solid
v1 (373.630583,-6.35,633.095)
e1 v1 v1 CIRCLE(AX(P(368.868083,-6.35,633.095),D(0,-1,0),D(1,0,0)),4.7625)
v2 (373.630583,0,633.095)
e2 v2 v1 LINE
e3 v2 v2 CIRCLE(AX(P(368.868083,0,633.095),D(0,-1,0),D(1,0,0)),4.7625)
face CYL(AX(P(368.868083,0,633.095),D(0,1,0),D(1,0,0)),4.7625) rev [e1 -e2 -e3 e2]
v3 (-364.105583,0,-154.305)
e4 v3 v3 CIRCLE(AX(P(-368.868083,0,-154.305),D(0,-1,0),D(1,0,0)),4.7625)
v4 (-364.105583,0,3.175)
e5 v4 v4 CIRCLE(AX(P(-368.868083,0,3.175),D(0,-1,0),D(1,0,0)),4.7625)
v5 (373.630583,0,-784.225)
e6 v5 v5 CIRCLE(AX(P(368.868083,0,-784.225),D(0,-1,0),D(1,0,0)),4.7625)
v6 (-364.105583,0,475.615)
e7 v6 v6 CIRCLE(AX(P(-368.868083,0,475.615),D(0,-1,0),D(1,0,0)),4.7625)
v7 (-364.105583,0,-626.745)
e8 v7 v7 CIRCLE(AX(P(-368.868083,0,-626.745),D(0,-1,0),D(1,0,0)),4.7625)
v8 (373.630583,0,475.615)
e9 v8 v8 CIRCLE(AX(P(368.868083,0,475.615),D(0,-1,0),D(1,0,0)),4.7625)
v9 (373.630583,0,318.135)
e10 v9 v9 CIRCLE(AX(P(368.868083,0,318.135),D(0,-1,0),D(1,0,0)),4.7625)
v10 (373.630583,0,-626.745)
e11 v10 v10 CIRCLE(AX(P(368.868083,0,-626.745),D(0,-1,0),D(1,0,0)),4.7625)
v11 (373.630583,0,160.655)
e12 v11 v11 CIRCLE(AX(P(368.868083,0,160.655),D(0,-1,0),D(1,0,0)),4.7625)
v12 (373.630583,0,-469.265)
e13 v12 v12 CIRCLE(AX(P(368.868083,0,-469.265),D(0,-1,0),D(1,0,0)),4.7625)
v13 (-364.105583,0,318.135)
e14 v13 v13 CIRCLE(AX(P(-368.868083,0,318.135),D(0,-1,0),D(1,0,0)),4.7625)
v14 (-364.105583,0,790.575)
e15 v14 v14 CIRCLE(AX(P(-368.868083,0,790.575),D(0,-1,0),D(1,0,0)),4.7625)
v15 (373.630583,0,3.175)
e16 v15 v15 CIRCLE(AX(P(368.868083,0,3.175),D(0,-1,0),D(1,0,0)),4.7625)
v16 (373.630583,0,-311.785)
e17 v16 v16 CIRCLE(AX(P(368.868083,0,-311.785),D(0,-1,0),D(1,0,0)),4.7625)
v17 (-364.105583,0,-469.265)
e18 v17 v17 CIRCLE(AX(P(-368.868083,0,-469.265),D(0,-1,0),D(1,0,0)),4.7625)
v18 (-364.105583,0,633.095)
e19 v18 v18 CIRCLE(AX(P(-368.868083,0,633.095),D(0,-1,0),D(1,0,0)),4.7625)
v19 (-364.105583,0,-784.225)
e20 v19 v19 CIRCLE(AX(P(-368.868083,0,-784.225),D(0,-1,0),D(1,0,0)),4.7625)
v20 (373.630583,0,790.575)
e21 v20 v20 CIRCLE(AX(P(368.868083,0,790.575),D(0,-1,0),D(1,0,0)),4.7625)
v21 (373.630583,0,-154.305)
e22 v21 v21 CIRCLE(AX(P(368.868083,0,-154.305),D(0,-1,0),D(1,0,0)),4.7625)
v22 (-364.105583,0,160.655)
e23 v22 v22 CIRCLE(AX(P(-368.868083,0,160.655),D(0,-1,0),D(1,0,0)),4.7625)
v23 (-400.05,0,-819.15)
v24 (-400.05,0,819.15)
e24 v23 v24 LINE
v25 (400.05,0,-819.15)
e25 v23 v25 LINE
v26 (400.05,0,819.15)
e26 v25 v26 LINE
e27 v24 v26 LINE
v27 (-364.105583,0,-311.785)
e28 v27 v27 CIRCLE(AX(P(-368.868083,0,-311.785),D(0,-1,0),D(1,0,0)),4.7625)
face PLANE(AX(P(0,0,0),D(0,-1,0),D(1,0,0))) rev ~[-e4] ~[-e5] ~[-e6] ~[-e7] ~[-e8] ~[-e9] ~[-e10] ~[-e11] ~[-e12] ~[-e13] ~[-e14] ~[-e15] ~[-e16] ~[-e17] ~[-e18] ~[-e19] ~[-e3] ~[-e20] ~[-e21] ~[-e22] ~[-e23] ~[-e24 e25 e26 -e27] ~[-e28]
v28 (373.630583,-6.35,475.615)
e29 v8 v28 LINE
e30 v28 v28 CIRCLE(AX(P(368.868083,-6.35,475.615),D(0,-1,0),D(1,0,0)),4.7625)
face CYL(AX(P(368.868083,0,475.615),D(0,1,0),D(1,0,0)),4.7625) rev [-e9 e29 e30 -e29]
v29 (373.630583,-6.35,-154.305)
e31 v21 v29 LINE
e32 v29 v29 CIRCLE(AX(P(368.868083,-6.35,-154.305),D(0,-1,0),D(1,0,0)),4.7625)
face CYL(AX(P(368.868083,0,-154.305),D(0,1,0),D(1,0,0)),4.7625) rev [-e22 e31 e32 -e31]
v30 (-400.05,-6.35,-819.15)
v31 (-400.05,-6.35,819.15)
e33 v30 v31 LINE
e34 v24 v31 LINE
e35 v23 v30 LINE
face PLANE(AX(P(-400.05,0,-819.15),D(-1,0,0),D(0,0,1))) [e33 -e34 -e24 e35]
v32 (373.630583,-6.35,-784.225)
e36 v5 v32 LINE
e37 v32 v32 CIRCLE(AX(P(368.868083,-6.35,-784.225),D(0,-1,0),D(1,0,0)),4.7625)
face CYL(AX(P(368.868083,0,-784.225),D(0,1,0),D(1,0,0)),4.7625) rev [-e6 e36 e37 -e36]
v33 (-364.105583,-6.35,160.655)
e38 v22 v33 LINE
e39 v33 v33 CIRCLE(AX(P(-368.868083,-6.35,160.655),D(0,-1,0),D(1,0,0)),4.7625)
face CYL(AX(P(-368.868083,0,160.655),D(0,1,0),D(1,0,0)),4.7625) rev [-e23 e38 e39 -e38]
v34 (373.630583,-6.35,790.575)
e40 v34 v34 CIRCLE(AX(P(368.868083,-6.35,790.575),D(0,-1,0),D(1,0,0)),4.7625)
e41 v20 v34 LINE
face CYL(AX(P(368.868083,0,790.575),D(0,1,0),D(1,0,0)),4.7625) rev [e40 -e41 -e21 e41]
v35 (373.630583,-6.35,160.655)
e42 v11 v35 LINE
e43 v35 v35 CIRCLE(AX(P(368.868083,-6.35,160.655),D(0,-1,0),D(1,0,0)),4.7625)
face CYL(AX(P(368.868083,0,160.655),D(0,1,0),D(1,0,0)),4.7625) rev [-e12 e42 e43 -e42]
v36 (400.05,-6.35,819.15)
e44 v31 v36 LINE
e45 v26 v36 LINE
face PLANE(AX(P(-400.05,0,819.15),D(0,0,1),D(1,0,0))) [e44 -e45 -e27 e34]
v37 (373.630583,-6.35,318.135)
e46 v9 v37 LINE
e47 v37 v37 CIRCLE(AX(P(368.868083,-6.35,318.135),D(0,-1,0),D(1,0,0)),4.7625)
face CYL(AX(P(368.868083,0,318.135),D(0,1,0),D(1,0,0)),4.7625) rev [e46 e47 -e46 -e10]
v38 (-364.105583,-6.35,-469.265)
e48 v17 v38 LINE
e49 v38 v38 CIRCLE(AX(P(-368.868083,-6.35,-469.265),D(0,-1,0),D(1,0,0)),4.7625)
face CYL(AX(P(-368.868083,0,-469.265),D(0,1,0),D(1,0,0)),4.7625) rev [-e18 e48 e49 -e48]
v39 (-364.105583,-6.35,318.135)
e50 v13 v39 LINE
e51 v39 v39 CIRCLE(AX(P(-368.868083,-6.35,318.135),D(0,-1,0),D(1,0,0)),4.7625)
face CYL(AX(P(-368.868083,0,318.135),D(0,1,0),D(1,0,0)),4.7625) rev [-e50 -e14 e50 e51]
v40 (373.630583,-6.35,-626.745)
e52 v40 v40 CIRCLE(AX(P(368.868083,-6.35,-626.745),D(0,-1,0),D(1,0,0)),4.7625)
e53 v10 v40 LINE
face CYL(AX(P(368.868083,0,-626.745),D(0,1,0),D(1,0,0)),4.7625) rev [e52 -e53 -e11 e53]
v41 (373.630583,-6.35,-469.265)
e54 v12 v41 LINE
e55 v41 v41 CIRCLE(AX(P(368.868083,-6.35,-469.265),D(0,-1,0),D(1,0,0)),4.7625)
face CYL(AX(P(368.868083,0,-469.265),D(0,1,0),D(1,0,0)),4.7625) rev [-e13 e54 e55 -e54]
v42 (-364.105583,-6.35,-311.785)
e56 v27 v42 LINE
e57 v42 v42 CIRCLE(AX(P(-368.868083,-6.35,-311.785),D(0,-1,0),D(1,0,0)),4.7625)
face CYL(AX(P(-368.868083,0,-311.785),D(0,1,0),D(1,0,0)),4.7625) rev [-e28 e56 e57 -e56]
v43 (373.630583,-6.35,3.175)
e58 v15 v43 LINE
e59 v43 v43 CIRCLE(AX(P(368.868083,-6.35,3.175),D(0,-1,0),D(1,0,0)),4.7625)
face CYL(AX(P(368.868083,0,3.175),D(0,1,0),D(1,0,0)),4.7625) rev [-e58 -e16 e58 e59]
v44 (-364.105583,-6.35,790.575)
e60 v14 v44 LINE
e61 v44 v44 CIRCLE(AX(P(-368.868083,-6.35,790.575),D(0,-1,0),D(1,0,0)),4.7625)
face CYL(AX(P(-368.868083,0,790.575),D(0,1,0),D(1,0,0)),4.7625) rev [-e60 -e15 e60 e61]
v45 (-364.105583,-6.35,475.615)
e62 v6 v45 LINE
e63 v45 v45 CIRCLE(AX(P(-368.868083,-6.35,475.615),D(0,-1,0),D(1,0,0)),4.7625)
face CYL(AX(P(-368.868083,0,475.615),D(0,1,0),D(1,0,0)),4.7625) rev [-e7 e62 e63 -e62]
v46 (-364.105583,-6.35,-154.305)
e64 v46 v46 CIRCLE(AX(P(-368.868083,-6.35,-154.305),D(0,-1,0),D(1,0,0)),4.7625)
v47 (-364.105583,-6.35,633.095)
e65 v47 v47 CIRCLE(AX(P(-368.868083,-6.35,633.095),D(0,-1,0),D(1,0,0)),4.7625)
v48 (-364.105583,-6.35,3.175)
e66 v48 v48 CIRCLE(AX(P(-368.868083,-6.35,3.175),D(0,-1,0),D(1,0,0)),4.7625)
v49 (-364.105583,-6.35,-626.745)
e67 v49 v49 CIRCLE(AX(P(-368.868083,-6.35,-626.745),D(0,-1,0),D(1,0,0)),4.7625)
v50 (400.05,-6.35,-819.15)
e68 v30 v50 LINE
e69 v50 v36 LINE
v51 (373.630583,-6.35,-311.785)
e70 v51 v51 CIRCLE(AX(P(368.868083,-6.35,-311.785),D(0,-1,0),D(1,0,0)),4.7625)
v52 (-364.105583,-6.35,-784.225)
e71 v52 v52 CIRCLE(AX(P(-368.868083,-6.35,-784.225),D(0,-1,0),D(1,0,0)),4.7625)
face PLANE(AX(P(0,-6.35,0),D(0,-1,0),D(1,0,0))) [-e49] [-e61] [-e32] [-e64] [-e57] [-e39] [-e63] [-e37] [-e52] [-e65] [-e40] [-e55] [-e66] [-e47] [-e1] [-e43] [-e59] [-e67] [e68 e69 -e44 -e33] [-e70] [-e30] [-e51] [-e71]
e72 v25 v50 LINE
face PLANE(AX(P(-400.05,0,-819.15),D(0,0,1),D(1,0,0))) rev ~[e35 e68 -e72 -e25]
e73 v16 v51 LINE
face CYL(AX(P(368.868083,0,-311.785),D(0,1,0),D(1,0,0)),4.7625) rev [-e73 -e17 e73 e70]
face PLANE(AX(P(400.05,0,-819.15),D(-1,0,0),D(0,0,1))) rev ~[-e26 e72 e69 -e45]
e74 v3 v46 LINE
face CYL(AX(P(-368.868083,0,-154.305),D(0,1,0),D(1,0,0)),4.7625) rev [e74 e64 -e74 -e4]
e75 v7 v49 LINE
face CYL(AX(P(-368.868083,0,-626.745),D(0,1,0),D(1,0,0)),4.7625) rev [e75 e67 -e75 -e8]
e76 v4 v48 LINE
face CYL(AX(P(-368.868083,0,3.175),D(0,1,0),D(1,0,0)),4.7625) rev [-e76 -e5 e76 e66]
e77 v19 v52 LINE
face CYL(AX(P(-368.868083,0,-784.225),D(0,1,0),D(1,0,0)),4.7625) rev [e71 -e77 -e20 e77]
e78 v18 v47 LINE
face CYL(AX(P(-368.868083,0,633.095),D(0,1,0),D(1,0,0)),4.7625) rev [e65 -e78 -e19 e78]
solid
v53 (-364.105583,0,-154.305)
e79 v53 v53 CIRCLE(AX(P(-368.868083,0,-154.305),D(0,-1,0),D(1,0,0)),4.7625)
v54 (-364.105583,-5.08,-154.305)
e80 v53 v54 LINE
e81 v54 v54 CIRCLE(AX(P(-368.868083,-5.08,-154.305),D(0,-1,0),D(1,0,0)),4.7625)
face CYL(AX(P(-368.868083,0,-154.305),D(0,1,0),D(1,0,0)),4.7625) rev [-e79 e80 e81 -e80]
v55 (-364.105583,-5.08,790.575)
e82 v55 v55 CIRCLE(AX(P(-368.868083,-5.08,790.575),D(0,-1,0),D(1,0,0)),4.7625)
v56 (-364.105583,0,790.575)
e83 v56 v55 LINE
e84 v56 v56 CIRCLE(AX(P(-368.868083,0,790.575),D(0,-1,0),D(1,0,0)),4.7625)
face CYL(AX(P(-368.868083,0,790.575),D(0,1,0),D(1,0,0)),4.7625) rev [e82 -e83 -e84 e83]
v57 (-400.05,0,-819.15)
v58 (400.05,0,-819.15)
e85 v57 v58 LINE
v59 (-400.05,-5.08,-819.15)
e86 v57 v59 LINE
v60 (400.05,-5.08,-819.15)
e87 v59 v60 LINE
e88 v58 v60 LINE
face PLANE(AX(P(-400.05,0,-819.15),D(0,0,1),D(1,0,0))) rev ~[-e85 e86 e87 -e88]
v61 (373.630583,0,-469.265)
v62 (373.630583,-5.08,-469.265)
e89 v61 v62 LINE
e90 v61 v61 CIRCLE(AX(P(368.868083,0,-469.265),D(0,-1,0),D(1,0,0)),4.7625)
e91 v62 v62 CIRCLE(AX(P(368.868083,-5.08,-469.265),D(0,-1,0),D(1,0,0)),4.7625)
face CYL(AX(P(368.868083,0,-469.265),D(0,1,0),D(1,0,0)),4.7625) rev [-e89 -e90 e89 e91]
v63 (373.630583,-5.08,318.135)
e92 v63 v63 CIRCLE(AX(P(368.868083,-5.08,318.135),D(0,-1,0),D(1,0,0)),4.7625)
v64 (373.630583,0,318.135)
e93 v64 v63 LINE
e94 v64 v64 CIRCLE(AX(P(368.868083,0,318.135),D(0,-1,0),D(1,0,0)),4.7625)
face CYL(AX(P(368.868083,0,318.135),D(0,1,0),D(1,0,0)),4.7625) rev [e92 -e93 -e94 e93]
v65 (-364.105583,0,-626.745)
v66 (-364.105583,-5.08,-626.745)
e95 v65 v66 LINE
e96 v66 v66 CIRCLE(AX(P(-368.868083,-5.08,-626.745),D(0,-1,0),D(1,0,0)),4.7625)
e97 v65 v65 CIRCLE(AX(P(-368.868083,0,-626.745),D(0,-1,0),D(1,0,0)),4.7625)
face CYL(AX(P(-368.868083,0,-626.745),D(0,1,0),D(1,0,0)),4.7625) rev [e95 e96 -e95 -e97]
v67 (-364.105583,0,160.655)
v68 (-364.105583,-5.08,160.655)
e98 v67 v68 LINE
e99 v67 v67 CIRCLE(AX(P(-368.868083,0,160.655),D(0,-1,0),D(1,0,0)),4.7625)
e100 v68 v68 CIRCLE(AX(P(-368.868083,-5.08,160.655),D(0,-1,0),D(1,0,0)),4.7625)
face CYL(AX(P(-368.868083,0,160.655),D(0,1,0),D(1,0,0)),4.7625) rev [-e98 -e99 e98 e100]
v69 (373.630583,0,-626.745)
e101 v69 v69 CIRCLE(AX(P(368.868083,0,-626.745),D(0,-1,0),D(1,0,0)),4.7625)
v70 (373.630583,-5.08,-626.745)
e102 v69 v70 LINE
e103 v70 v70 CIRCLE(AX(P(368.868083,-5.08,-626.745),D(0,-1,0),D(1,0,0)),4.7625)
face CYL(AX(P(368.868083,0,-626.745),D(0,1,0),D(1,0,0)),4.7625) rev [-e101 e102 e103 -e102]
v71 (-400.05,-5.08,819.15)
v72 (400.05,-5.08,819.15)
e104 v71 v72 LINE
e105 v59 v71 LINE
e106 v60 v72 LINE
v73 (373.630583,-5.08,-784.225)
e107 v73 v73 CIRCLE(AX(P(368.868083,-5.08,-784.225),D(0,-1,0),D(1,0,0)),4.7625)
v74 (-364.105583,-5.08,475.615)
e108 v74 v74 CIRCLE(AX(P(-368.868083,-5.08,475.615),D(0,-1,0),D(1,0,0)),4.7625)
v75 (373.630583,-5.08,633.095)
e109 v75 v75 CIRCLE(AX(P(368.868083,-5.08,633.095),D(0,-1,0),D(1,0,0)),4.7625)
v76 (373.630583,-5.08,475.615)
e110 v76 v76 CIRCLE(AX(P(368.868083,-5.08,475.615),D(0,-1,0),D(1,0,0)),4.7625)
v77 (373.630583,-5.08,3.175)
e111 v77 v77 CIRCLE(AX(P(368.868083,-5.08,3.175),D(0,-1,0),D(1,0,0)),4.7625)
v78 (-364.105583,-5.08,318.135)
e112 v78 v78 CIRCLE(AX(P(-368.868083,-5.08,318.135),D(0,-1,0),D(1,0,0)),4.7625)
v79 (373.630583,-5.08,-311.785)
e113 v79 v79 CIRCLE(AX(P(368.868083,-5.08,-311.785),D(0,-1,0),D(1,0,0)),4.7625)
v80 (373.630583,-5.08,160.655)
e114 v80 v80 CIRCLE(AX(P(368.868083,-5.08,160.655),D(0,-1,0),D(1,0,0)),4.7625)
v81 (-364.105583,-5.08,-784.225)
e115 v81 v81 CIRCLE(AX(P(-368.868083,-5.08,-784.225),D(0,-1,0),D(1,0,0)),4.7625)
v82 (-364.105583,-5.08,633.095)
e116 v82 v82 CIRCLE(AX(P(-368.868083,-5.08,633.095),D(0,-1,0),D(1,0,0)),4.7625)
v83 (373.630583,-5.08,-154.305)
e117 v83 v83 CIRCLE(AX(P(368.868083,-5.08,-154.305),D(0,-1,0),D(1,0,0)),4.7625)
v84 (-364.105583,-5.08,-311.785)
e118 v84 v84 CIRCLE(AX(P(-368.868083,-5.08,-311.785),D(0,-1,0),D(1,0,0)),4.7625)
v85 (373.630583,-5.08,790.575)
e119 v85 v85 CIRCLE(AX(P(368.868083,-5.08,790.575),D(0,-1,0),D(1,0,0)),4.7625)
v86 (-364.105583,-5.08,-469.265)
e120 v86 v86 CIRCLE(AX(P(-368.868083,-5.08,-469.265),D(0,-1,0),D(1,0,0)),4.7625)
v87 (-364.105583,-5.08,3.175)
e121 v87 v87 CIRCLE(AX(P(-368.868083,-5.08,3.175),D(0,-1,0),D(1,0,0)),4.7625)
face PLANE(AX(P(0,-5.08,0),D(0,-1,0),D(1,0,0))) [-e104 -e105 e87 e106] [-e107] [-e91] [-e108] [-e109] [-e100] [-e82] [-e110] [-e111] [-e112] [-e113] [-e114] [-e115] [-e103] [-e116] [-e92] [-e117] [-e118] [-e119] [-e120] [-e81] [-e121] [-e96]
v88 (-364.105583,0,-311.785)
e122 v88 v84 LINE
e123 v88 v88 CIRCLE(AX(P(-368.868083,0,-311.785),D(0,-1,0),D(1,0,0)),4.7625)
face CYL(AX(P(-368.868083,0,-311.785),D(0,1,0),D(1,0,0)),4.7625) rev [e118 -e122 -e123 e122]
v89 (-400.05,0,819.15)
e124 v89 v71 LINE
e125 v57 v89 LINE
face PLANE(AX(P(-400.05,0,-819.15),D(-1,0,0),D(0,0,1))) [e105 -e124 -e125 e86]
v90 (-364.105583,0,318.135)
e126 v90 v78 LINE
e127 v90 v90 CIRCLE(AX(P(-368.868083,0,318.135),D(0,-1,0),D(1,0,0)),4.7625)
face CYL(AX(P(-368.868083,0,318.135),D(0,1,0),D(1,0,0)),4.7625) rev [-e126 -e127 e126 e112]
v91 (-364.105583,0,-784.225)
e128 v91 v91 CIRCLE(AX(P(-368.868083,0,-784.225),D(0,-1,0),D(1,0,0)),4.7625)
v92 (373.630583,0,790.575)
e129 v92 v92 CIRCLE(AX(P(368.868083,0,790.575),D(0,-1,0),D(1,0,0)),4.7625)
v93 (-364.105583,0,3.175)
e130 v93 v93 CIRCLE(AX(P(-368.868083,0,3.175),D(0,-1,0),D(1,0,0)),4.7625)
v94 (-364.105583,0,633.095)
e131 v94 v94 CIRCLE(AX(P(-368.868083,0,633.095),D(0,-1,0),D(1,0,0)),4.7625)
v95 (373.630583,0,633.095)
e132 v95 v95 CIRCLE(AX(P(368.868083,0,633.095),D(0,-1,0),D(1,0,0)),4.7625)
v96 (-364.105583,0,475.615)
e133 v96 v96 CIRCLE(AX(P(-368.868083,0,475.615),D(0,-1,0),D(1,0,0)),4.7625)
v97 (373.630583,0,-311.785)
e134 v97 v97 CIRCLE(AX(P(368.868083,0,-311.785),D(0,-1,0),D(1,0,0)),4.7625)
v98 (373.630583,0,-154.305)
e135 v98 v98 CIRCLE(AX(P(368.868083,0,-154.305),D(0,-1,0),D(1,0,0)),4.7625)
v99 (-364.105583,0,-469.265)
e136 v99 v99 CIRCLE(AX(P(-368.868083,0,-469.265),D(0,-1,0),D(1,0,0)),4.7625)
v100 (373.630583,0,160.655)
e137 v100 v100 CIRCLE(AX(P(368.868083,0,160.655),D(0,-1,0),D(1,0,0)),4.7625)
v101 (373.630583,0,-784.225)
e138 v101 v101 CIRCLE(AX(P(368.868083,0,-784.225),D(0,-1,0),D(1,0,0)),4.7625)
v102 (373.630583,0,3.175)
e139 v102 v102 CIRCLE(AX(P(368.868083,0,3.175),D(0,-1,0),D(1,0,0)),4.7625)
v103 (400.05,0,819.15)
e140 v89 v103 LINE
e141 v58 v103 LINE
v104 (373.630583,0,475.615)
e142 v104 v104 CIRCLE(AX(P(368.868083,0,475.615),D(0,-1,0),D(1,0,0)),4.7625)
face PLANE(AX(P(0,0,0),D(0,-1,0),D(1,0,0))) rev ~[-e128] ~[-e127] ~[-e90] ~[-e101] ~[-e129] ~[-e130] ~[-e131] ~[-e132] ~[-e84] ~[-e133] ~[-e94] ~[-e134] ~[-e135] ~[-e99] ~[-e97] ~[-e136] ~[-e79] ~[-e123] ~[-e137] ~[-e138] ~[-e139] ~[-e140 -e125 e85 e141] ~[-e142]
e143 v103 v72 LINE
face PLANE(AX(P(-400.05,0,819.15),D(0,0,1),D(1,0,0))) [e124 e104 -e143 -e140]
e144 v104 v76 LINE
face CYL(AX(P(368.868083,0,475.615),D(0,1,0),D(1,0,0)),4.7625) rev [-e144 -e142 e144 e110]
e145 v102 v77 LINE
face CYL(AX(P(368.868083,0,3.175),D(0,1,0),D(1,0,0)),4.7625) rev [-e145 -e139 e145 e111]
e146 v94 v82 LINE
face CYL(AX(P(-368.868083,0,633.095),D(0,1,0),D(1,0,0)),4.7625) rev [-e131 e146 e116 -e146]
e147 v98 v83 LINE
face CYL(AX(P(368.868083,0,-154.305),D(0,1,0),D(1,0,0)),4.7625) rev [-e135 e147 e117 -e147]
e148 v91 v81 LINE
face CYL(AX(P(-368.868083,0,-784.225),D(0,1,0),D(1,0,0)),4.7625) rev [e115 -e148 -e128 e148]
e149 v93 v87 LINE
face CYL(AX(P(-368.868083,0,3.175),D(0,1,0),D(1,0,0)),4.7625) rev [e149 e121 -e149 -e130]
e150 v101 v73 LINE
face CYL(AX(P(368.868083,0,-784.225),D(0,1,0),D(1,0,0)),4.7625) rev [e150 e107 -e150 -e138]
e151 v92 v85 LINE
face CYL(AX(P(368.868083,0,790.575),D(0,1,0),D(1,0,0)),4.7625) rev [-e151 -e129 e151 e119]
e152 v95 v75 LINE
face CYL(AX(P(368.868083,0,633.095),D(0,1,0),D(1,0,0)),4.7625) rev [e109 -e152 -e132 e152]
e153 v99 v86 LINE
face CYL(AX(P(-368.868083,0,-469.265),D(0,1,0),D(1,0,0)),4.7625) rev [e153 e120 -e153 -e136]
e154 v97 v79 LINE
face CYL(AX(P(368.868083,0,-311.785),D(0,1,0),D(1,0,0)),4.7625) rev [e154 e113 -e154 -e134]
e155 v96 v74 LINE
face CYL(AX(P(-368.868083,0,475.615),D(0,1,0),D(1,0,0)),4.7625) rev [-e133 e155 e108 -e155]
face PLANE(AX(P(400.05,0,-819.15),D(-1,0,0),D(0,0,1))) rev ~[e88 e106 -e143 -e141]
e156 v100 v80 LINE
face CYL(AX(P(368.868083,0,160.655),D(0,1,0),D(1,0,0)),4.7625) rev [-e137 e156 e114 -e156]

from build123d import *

# Parameters (mm, degrees)
F0_W     = 800.1
F0_H     = 1638.3
F0_R     = 4.7625
F1_DEPTH = 6.35
F2_DEPTH = 5.08


with BuildPart() as f1:
    # F0 (on Front) → F1 (new body)
    with BuildSketch(Plane.XZ):
        Rectangle(F0_W, F0_H)
        with Locations((-368.868083, -784.225)):
            Circle(F0_R, mode=Mode.SUBTRACT)
        with Locations((-368.868083, -626.745)):
            Circle(F0_R, mode=Mode.SUBTRACT)
        with Locations((-368.868083, -469.265)):
            Circle(F0_R, mode=Mode.SUBTRACT)
        with Locations((-368.868083, -311.785)):
            Circle(F0_R, mode=Mode.SUBTRACT)
        with Locations((-368.868083, -154.305)):
            Circle(F0_R, mode=Mode.SUBTRACT)
        with Locations((368.868083, -784.225)):
            Circle(F0_R, mode=Mode.SUBTRACT)
        with Locations((368.868083, -626.745)):
            Circle(F0_R, mode=Mode.SUBTRACT)
        with Locations((368.868083, -469.265)):
            Circle(F0_R, mode=Mode.SUBTRACT)
        with Locations((368.868083, -311.785)):
            Circle(F0_R, mode=Mode.SUBTRACT)
        with Locations((368.868083, -154.305)):
            Circle(F0_R, mode=Mode.SUBTRACT)
        with Locations((-368.868083, 3.175)):
            Circle(F0_R, mode=Mode.SUBTRACT)
        with Locations((-368.868083, 160.655)):
            Circle(F0_R, mode=Mode.SUBTRACT)
        with Locations((-368.868083, 318.135)):
            Circle(F0_R, mode=Mode.SUBTRACT)
        with Locations((-368.868083, 475.615)):
            Circle(F0_R, mode=Mode.SUBTRACT)
        with Locations((-368.868083, 633.095)):
            Circle(F0_R, mode=Mode.SUBTRACT)
        with Locations((-368.868083, 790.575)):
            Circle(F0_R, mode=Mode.SUBTRACT)
        with Locations((368.868083, 3.175)):
            Circle(F0_R, mode=Mode.SUBTRACT)
        with Locations((368.868083, 160.655)):
            Circle(F0_R, mode=Mode.SUBTRACT)
        with Locations((368.868083, 318.135)):
            Circle(F0_R, mode=Mode.SUBTRACT)
        with Locations((368.868083, 475.615)):
            Circle(F0_R, mode=Mode.SUBTRACT)
        with Locations((368.868083, 633.095)):
            Circle(F0_R, mode=Mode.SUBTRACT)
        with Locations((368.868083, 790.575)):
            Circle(F0_R, mode=Mode.SUBTRACT)
    extrude(amount=F1_DEPTH)


with BuildPart() as f2:
    # F0 (on Front) → F2 (new body)
    with BuildSketch(Plane.XZ):
        Rectangle(F0_W, F0_H)
        with Locations((-368.868083, -784.225)):
            Circle(F0_R, mode=Mode.SUBTRACT)
        with Locations((-368.868083, -626.745)):
            Circle(F0_R, mode=Mode.SUBTRACT)
        with Locations((-368.868083, -469.265)):
            Circle(F0_R, mode=Mode.SUBTRACT)
        with Locations((-368.868083, -311.785)):
            Circle(F0_R, mode=Mode.SUBTRACT)
        with Locations((-368.868083, -154.305)):
            Circle(F0_R, mode=Mode.SUBTRACT)
        with Locations((368.868083, -784.225)):
            Circle(F0_R, mode=Mode.SUBTRACT)
        with Locations((368.868083, -626.745)):
            Circle(F0_R, mode=Mode.SUBTRACT)
        with Locations((368.868083, -469.265)):
            Circle(F0_R, mode=Mode.SUBTRACT)
        with Locations((368.868083, -311.785)):
            Circle(F0_R, mode=Mode.SUBTRACT)
        with Locations((368.868083, -154.305)):
            Circle(F0_R, mode=Mode.SUBTRACT)
        with Locations((-368.868083, 3.175)):
            Circle(F0_R, mode=Mode.SUBTRACT)
        with Locations((-368.868083, 160.655)):
            Circle(F0_R, mode=Mode.SUBTRACT)
        with Locations((-368.868083, 318.135)):
            Circle(F0_R, mode=Mode.SUBTRACT)
        with Locations((-368.868083, 475.615)):
            Circle(F0_R, mode=Mode.SUBTRACT)
        with Locations((-368.868083, 633.095)):
            Circle(F0_R, mode=Mode.SUBTRACT)
        with Locations((-368.868083, 790.575)):
            Circle(F0_R, mode=Mode.SUBTRACT)
        with Locations((368.868083, 3.175)):
            Circle(F0_R, mode=Mode.SUBTRACT)
        with Locations((368.868083, 160.655)):
            Circle(F0_R, mode=Mode.SUBTRACT)
        with Locations((368.868083, 318.135)):
            Circle(F0_R, mode=Mode.SUBTRACT)
        with Locations((368.868083, 475.615)):
            Circle(F0_R, mode=Mode.SUBTRACT)
        with Locations((368.868083, 633.095)):
            Circle(F0_R, mode=Mode.SUBTRACT)
        with Locations((368.868083, 790.575)):
            Circle(F0_R, mode=Mode.SUBTRACT)
    extrude(amount=F2_DEPTH)


solid = Compound([f1.part, f2.part])
